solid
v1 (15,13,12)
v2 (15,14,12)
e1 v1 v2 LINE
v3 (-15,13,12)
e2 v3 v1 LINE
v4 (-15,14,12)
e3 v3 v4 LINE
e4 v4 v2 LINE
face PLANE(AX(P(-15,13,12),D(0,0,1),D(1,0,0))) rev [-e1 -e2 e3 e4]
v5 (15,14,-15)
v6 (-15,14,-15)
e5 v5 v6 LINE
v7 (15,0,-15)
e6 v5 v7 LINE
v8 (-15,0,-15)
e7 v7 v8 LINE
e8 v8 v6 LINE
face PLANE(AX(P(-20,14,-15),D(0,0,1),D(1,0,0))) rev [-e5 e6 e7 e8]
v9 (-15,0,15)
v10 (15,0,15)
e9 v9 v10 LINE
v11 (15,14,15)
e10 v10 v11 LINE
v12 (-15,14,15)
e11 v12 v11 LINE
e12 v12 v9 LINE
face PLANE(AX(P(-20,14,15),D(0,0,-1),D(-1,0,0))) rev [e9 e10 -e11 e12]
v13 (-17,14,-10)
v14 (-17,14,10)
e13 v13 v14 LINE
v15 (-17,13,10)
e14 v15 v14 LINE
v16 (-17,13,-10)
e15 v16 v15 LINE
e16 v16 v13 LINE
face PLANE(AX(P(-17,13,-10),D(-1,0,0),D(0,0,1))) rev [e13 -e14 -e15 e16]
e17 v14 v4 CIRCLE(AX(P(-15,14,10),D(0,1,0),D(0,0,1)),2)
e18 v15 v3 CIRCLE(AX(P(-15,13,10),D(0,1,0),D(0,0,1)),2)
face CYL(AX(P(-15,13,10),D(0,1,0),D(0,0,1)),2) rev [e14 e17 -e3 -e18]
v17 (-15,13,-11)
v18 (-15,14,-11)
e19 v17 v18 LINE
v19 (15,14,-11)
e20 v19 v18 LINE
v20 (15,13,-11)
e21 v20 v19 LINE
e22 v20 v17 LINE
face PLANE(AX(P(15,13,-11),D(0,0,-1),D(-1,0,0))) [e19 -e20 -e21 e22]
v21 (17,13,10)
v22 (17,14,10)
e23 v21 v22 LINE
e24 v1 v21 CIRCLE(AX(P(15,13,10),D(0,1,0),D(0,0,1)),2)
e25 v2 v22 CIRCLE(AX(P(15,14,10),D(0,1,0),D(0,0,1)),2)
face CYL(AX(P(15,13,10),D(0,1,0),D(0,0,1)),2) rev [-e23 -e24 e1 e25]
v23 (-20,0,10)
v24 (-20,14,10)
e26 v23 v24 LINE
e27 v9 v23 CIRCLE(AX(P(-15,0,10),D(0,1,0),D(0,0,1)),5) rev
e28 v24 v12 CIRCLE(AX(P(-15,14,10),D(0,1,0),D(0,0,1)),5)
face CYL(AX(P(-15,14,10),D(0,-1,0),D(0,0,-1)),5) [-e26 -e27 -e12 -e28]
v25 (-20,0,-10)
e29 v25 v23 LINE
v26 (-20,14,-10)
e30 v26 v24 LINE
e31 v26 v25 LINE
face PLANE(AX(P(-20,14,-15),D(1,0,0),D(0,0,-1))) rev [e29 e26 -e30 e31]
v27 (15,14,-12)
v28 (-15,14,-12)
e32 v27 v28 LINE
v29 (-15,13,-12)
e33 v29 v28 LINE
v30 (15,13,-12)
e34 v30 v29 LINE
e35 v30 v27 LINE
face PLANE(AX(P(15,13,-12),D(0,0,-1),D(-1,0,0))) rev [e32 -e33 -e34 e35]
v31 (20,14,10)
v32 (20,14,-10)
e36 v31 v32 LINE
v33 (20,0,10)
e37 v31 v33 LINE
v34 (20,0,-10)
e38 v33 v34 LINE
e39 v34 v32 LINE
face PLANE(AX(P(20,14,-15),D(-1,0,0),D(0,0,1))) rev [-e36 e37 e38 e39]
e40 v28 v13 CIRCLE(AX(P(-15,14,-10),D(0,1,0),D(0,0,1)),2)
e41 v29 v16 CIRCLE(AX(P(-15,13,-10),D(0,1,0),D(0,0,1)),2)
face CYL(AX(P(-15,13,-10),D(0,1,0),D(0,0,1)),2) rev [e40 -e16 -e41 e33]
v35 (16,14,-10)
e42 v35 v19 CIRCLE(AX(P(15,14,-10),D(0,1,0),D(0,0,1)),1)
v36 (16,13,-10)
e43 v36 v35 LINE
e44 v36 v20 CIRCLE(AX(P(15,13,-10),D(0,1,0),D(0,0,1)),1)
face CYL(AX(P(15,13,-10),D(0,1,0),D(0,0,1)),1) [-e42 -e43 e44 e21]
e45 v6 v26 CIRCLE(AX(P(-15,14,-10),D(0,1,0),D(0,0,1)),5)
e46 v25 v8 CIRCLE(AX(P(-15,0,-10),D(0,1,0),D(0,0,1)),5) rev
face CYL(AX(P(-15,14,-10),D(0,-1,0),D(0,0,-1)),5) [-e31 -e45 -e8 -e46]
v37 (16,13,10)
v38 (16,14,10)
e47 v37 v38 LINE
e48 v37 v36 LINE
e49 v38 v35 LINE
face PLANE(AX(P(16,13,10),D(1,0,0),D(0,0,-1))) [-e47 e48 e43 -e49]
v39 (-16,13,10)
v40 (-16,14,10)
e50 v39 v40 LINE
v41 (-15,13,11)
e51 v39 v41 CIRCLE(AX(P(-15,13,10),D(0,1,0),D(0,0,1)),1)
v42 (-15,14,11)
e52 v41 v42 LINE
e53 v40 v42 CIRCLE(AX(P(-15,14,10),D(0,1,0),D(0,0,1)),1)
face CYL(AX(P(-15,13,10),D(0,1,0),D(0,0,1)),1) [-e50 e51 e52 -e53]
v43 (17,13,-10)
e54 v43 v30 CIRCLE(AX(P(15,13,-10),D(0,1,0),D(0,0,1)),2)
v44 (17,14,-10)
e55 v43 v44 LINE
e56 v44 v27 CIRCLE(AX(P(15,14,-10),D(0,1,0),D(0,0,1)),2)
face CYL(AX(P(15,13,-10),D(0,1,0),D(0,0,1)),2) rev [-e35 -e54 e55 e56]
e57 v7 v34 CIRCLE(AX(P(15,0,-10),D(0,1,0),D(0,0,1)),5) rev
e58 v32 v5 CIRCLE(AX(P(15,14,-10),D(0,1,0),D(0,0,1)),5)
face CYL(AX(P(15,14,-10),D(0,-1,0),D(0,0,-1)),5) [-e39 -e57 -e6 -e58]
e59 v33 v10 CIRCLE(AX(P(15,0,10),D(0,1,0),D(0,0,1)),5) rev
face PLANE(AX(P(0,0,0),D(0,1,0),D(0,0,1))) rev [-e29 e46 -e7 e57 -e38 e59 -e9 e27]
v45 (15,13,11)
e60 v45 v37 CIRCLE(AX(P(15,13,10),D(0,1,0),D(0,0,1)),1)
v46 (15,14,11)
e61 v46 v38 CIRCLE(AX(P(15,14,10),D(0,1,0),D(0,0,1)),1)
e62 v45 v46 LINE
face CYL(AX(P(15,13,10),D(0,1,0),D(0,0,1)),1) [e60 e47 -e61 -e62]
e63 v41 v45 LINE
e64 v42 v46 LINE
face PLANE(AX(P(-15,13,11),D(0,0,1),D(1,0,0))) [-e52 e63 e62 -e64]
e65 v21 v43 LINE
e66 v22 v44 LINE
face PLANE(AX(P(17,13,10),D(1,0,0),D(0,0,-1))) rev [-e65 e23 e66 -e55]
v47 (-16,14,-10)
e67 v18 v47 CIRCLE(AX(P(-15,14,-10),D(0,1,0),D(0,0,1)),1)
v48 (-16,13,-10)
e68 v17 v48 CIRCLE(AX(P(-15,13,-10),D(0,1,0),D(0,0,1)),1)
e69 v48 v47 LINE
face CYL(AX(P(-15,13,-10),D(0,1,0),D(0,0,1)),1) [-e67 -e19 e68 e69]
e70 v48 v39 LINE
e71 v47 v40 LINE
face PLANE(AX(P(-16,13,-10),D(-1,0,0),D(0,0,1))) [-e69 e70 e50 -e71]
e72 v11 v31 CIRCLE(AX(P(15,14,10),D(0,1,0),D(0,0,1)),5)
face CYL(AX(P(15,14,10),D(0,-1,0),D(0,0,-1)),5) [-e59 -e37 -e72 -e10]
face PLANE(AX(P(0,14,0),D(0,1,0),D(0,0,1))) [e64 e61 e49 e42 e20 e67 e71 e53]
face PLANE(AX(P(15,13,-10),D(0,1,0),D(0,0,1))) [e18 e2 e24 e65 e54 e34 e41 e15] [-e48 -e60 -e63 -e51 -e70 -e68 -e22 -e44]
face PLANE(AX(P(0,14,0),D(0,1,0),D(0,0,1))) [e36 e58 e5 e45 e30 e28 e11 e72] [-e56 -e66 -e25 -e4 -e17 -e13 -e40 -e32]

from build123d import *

# Parameters (mm, degrees)
SKETCH1_W           = 40
SKETCH1_H           = 30
BOSS_EXTRUDE1_DEPTH = 14
FILLET1_R           = 5
CUT_EXTRUDE1_DEPTH  = 1


with BuildPart() as part:
    # Sketch1 → Boss-Extrude1 (new body)
    with BuildSketch(Plane(origin=(0, 0, 0), x_dir=(1, 0, 0), z_dir=(0, 1, 0))):
        Rectangle(SKETCH1_W, SKETCH1_H)
    extrude(amount=BOSS_EXTRUDE1_DEPTH)

    # Fillet1
    fillet1_edges = [part.edges().sort_by_distance(p)[0] for p in [
        (20, 7, 15),
        (-20, 7, 15),
        (-20, 7, -15),
        (20, 7, -15),
    ]]
    fillet(fillet1_edges, radius=FILLET1_R)

    # Sketch2 → Cut-Extrude1 (cut)
    with BuildSketch(Plane(origin=(0, 14, 0), x_dir=(1, 0, 0), z_dir=(0, 1, 0))):
        with BuildLine():
            Line((15, 12), (-15, 12))
            ThreePointArc((-15, 12), (-16.414213562, 11.414213562), (-17, 10))
            Line((-17, 10), (-17, -10))
            ThreePointArc((-17, -10), (-16.414213562, -11.414213562), (-15, -12))
            Line((-15, -12), (15, -12))
            ThreePointArc((15, -12), (16.414213562, -11.414213562), (17, -10))
            Line((17, -10), (17, 10))
            ThreePointArc((17, 10), (16.414213562, 11.414213562), (15, 12))
        make_face()
        with BuildLine():
            Line((15, 11), (-15, 11))
            ThreePointArc((-15, 11), (-15.707106781, 10.707106781), (-16, 10))
            Line((-16, 10), (-16, -10))
            ThreePointArc((-16, -10), (-15.707106781, -10.707106781), (-15, -11))
            Line((-15, -11), (15, -11))
            ThreePointArc((15, -11), (15.707106781, -10.707106781), (16, -10))
            Line((16, -10), (16, 10))
            ThreePointArc((16, 10), (15.707106781, 10.707106781), (15, 11))
        make_face(mode=Mode.SUBTRACT)
    extrude(amount=-CUT_EXTRUDE1_DEPTH, mode=Mode.SUBTRACT)


solid = part.part
